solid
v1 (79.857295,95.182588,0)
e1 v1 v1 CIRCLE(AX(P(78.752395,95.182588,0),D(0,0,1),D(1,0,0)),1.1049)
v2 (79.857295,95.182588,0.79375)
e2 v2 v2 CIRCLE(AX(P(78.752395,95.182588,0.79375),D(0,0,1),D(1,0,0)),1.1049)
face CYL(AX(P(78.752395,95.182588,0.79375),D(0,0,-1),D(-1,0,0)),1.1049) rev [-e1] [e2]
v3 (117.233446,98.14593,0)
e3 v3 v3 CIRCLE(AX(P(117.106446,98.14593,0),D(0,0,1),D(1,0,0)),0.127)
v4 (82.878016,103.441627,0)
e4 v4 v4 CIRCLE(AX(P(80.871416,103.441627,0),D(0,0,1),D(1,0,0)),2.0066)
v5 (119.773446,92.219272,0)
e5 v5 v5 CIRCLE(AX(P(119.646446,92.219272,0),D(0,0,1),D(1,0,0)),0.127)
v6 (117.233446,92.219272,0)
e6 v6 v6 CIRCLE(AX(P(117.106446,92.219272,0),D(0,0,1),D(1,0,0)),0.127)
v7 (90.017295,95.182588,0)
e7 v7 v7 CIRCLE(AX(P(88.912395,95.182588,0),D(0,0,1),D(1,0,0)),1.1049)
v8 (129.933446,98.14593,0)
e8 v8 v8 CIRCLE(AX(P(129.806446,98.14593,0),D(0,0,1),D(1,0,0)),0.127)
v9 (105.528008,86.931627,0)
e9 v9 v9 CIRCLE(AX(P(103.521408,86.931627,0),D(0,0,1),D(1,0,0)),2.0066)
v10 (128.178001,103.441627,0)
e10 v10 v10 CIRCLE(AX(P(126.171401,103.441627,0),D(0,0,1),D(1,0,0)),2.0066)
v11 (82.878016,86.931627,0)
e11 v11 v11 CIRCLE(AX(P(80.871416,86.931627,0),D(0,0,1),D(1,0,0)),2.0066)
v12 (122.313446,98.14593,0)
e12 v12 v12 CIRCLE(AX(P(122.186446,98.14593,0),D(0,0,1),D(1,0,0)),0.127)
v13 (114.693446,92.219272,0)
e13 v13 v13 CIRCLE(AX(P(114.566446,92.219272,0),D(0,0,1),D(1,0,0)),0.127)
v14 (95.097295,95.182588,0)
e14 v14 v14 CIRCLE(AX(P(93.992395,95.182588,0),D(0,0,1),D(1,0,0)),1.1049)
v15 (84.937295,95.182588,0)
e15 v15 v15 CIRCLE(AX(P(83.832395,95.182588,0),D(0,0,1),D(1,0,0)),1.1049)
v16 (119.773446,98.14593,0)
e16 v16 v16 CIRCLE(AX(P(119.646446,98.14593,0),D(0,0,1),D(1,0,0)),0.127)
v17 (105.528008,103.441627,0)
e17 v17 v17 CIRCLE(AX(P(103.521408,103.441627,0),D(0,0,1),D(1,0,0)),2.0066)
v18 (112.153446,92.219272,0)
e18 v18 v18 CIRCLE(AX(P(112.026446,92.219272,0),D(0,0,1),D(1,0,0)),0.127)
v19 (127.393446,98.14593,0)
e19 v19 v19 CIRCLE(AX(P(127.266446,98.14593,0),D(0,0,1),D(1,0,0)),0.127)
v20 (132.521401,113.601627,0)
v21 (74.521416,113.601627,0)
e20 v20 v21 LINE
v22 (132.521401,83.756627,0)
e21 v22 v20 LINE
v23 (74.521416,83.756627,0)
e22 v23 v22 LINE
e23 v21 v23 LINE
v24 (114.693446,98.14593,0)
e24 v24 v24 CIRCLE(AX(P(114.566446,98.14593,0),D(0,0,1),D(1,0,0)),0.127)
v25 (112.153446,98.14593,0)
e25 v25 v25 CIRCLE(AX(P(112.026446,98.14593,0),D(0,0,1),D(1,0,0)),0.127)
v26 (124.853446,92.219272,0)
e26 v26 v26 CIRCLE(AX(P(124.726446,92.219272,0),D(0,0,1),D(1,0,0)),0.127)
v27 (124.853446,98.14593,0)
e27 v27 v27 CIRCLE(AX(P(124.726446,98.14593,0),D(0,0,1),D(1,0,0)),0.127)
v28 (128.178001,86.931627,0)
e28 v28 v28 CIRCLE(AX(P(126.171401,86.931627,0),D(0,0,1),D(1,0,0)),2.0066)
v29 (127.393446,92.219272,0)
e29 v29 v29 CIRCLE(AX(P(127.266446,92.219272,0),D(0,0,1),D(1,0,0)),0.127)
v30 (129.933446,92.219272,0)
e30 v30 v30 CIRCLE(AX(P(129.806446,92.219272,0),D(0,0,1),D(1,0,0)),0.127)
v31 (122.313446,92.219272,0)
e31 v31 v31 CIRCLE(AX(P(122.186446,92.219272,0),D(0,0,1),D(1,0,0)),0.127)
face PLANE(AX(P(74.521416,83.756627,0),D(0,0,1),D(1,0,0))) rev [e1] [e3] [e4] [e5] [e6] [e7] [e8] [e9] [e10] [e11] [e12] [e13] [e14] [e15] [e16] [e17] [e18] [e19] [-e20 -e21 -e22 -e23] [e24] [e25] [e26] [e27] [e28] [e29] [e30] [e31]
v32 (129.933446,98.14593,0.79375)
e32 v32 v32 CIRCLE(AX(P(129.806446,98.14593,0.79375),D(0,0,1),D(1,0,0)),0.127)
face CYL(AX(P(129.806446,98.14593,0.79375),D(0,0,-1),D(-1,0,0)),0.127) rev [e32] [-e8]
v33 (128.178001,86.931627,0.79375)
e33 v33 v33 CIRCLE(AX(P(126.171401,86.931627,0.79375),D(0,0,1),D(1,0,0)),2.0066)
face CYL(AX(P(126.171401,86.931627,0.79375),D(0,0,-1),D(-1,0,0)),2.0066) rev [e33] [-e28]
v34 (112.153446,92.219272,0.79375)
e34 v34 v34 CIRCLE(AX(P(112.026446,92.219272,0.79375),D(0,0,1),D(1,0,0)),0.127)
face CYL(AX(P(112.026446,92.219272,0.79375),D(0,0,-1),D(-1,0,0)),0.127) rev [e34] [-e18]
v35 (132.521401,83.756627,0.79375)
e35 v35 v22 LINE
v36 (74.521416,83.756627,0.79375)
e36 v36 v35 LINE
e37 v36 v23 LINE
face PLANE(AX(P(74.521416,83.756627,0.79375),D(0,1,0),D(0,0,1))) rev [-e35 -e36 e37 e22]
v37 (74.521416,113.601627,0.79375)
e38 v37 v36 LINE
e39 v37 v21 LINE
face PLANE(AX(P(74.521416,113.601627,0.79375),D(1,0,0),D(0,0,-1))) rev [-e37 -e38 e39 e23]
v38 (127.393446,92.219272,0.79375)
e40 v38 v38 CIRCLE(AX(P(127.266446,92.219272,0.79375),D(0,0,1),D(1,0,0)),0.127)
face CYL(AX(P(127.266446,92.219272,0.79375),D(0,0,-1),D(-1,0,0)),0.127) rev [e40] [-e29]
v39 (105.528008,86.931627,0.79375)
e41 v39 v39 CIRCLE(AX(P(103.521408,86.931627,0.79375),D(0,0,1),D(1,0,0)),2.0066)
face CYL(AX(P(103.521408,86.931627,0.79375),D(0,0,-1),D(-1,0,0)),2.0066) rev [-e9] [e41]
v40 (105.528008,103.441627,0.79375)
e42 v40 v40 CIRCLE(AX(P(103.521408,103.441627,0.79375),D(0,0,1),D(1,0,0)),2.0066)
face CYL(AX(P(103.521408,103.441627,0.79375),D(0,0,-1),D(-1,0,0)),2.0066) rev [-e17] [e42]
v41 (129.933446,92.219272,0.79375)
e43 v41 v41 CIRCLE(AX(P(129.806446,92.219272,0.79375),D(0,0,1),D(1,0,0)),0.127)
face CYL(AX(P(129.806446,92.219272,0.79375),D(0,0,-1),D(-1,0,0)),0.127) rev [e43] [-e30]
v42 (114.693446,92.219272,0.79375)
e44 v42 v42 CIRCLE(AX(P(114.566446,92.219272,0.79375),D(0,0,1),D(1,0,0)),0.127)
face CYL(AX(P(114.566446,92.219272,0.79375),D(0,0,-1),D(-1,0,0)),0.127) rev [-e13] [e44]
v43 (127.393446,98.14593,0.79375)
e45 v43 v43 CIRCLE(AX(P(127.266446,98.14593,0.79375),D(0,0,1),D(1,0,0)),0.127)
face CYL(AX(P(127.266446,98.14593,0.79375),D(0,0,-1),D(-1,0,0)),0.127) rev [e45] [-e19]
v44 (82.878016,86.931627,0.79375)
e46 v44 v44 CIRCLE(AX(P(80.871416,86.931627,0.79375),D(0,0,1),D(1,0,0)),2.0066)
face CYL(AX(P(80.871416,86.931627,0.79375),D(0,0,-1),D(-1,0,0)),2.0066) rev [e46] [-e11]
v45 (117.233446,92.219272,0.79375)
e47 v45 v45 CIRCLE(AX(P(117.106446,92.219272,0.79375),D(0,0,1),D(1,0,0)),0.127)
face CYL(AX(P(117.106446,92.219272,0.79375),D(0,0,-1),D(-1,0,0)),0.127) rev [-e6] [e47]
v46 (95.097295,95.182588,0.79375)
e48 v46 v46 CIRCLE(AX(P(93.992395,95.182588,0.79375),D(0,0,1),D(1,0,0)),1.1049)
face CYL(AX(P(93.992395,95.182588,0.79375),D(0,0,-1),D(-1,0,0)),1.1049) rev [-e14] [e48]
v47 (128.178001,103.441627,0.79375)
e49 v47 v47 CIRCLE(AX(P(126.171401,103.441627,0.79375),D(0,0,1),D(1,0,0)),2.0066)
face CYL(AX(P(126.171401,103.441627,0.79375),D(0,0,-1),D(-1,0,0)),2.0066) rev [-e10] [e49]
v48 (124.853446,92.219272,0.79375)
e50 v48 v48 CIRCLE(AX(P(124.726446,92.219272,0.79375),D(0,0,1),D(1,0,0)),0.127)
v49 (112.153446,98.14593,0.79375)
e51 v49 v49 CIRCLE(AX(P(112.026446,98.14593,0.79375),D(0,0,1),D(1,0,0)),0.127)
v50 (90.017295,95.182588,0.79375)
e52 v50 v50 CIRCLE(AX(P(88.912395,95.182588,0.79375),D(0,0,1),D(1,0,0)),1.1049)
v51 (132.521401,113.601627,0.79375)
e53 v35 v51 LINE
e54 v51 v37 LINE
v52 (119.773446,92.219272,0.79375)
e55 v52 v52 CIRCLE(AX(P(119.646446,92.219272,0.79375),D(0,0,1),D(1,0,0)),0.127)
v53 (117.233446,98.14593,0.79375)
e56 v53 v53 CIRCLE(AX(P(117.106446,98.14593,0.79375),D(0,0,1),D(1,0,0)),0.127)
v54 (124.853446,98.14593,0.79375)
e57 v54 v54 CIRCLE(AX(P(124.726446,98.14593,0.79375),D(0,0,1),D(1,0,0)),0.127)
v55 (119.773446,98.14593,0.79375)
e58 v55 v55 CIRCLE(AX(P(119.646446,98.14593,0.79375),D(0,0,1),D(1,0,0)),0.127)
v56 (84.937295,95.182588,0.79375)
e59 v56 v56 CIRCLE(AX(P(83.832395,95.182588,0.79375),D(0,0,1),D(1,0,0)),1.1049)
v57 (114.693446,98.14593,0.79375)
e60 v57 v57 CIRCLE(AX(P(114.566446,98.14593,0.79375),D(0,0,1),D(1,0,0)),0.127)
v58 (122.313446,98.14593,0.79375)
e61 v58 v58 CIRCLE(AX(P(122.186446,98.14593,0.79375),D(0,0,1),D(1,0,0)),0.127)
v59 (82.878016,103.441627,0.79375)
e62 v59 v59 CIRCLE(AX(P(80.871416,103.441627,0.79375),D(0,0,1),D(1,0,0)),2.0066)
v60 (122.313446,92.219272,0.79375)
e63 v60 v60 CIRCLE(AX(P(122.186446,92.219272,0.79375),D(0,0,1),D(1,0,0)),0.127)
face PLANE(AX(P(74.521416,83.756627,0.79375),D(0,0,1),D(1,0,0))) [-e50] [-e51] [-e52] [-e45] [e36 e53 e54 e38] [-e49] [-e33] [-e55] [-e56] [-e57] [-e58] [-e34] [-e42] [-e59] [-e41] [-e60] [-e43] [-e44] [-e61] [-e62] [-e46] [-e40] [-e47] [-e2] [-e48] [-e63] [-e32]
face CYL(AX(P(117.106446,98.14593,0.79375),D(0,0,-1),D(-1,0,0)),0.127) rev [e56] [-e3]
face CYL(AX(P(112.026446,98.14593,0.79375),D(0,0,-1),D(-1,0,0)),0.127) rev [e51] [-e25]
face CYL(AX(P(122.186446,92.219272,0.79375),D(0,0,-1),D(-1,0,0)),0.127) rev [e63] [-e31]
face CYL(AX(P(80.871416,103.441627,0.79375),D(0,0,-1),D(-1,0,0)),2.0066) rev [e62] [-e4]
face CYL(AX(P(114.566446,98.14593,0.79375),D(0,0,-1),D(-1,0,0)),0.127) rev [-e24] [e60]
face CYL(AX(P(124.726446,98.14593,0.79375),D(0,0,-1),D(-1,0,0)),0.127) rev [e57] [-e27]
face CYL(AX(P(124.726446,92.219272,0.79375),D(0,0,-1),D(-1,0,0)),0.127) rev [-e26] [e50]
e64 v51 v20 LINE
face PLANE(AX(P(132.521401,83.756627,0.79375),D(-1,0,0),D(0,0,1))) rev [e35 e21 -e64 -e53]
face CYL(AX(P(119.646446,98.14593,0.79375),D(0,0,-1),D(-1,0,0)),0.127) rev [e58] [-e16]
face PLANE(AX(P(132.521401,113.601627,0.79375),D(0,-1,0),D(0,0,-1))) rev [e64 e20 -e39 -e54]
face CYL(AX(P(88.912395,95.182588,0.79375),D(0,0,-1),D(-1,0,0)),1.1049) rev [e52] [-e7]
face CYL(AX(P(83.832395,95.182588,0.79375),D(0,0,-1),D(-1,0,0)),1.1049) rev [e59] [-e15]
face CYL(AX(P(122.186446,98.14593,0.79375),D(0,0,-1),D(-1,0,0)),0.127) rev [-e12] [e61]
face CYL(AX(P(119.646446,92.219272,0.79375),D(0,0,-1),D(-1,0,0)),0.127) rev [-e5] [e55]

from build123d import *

# Parameters (mm, degrees)
SKETCH31_W     = 57.9999856
SKETCH31_H     = 29.845
SKETCH31_R     = 2.0066
SKETCH31_R_2   = 1.1049
SKETCH31_R_3   = 0.127
EXTRUDE2_DEPTH = 0.79375


with BuildPart() as part:
    # Sketch31 → Extrude2 (new body)
    with BuildSketch(Plane.XY):
        with Locations((103.5214084, 98.679127)):
            Rectangle(SKETCH31_W, SKETCH31_H)
        with Locations((80.8714156, 103.441627)):
            Circle(SKETCH31_R, mode=Mode.SUBTRACT)
        with Locations((103.5214084, 103.441627)):
            Circle(SKETCH31_R, mode=Mode.SUBTRACT)
        with Locations((126.1714012, 103.441627)):
            Circle(SKETCH31_R, mode=Mode.SUBTRACT)
        with Locations((80.8714156, 86.931627)):
            Circle(SKETCH31_R, mode=Mode.SUBTRACT)
        with Locations((103.5214084, 86.931627)):
            Circle(SKETCH31_R, mode=Mode.SUBTRACT)
        with Locations((126.1714012, 86.931627)):
            Circle(SKETCH31_R, mode=Mode.SUBTRACT)
        with Locations((78.7523952, 95.1825884)):
            Circle(SKETCH31_R_2, mode=Mode.SUBTRACT)
        with Locations((83.8323952, 95.1825884)):
            Circle(SKETCH31_R_2, mode=Mode.SUBTRACT)
        with Locations((88.9123952, 95.1825884)):
            Circle(SKETCH31_R_2, mode=Mode.SUBTRACT)
        with Locations((93.9923952, 95.1825884)):
            Circle(SKETCH31_R_2, mode=Mode.SUBTRACT)
        with Locations((112.026446, 98.1459302)):
            Circle(SKETCH31_R_3, mode=Mode.SUBTRACT)
        with Locations((114.566446, 98.1459302)):
            Circle(SKETCH31_R_3, mode=Mode.SUBTRACT)
        with Locations((117.106446, 98.1459302)):
            Circle(SKETCH31_R_3, mode=Mode.SUBTRACT)
        with Locations((119.646446, 98.1459302)):
            Circle(SKETCH31_R_3, mode=Mode.SUBTRACT)
        with Locations((122.186446, 98.1459302)):
            Circle(SKETCH31_R_3, mode=Mode.SUBTRACT)
        with Locations((124.726446, 98.1459302)):
            Circle(SKETCH31_R_3, mode=Mode.SUBTRACT)
        with Locations((127.266446, 98.1459302)):
            Circle(SKETCH31_R_3, mode=Mode.SUBTRACT)
        with Locations((129.806446, 98.1459302)):
            Circle(SKETCH31_R_3, mode=Mode.SUBTRACT)
        with Locations((112.026446, 92.219272)):
            Circle(SKETCH31_R_3, mode=Mode.SUBTRACT)
        with Locations((114.566446, 92.219272)):
            Circle(SKETCH31_R_3, mode=Mode.SUBTRACT)
        with Locations((117.106446, 92.219272)):
            Circle(SKETCH31_R_3, mode=Mode.SUBTRACT)
        with Locations((119.646446, 92.219272)):
            Circle(SKETCH31_R_3, mode=Mode.SUBTRACT)
        with Locations((122.186446, 92.219272)):
            Circle(SKETCH31_R_3, mode=Mode.SUBTRACT)
        with Locations((124.726446, 92.219272)):
            Circle(SKETCH31_R_3, mode=Mode.SUBTRACT)
        with Locations((127.266446, 92.219272)):
            Circle(SKETCH31_R_3, mode=Mode.SUBTRACT)
        with Locations((129.806446, 92.219272)):
            Circle(SKETCH31_R_3, mode=Mode.SUBTRACT)
    extrude(amount=EXTRUDE2_DEPTH)


solid = part.part
